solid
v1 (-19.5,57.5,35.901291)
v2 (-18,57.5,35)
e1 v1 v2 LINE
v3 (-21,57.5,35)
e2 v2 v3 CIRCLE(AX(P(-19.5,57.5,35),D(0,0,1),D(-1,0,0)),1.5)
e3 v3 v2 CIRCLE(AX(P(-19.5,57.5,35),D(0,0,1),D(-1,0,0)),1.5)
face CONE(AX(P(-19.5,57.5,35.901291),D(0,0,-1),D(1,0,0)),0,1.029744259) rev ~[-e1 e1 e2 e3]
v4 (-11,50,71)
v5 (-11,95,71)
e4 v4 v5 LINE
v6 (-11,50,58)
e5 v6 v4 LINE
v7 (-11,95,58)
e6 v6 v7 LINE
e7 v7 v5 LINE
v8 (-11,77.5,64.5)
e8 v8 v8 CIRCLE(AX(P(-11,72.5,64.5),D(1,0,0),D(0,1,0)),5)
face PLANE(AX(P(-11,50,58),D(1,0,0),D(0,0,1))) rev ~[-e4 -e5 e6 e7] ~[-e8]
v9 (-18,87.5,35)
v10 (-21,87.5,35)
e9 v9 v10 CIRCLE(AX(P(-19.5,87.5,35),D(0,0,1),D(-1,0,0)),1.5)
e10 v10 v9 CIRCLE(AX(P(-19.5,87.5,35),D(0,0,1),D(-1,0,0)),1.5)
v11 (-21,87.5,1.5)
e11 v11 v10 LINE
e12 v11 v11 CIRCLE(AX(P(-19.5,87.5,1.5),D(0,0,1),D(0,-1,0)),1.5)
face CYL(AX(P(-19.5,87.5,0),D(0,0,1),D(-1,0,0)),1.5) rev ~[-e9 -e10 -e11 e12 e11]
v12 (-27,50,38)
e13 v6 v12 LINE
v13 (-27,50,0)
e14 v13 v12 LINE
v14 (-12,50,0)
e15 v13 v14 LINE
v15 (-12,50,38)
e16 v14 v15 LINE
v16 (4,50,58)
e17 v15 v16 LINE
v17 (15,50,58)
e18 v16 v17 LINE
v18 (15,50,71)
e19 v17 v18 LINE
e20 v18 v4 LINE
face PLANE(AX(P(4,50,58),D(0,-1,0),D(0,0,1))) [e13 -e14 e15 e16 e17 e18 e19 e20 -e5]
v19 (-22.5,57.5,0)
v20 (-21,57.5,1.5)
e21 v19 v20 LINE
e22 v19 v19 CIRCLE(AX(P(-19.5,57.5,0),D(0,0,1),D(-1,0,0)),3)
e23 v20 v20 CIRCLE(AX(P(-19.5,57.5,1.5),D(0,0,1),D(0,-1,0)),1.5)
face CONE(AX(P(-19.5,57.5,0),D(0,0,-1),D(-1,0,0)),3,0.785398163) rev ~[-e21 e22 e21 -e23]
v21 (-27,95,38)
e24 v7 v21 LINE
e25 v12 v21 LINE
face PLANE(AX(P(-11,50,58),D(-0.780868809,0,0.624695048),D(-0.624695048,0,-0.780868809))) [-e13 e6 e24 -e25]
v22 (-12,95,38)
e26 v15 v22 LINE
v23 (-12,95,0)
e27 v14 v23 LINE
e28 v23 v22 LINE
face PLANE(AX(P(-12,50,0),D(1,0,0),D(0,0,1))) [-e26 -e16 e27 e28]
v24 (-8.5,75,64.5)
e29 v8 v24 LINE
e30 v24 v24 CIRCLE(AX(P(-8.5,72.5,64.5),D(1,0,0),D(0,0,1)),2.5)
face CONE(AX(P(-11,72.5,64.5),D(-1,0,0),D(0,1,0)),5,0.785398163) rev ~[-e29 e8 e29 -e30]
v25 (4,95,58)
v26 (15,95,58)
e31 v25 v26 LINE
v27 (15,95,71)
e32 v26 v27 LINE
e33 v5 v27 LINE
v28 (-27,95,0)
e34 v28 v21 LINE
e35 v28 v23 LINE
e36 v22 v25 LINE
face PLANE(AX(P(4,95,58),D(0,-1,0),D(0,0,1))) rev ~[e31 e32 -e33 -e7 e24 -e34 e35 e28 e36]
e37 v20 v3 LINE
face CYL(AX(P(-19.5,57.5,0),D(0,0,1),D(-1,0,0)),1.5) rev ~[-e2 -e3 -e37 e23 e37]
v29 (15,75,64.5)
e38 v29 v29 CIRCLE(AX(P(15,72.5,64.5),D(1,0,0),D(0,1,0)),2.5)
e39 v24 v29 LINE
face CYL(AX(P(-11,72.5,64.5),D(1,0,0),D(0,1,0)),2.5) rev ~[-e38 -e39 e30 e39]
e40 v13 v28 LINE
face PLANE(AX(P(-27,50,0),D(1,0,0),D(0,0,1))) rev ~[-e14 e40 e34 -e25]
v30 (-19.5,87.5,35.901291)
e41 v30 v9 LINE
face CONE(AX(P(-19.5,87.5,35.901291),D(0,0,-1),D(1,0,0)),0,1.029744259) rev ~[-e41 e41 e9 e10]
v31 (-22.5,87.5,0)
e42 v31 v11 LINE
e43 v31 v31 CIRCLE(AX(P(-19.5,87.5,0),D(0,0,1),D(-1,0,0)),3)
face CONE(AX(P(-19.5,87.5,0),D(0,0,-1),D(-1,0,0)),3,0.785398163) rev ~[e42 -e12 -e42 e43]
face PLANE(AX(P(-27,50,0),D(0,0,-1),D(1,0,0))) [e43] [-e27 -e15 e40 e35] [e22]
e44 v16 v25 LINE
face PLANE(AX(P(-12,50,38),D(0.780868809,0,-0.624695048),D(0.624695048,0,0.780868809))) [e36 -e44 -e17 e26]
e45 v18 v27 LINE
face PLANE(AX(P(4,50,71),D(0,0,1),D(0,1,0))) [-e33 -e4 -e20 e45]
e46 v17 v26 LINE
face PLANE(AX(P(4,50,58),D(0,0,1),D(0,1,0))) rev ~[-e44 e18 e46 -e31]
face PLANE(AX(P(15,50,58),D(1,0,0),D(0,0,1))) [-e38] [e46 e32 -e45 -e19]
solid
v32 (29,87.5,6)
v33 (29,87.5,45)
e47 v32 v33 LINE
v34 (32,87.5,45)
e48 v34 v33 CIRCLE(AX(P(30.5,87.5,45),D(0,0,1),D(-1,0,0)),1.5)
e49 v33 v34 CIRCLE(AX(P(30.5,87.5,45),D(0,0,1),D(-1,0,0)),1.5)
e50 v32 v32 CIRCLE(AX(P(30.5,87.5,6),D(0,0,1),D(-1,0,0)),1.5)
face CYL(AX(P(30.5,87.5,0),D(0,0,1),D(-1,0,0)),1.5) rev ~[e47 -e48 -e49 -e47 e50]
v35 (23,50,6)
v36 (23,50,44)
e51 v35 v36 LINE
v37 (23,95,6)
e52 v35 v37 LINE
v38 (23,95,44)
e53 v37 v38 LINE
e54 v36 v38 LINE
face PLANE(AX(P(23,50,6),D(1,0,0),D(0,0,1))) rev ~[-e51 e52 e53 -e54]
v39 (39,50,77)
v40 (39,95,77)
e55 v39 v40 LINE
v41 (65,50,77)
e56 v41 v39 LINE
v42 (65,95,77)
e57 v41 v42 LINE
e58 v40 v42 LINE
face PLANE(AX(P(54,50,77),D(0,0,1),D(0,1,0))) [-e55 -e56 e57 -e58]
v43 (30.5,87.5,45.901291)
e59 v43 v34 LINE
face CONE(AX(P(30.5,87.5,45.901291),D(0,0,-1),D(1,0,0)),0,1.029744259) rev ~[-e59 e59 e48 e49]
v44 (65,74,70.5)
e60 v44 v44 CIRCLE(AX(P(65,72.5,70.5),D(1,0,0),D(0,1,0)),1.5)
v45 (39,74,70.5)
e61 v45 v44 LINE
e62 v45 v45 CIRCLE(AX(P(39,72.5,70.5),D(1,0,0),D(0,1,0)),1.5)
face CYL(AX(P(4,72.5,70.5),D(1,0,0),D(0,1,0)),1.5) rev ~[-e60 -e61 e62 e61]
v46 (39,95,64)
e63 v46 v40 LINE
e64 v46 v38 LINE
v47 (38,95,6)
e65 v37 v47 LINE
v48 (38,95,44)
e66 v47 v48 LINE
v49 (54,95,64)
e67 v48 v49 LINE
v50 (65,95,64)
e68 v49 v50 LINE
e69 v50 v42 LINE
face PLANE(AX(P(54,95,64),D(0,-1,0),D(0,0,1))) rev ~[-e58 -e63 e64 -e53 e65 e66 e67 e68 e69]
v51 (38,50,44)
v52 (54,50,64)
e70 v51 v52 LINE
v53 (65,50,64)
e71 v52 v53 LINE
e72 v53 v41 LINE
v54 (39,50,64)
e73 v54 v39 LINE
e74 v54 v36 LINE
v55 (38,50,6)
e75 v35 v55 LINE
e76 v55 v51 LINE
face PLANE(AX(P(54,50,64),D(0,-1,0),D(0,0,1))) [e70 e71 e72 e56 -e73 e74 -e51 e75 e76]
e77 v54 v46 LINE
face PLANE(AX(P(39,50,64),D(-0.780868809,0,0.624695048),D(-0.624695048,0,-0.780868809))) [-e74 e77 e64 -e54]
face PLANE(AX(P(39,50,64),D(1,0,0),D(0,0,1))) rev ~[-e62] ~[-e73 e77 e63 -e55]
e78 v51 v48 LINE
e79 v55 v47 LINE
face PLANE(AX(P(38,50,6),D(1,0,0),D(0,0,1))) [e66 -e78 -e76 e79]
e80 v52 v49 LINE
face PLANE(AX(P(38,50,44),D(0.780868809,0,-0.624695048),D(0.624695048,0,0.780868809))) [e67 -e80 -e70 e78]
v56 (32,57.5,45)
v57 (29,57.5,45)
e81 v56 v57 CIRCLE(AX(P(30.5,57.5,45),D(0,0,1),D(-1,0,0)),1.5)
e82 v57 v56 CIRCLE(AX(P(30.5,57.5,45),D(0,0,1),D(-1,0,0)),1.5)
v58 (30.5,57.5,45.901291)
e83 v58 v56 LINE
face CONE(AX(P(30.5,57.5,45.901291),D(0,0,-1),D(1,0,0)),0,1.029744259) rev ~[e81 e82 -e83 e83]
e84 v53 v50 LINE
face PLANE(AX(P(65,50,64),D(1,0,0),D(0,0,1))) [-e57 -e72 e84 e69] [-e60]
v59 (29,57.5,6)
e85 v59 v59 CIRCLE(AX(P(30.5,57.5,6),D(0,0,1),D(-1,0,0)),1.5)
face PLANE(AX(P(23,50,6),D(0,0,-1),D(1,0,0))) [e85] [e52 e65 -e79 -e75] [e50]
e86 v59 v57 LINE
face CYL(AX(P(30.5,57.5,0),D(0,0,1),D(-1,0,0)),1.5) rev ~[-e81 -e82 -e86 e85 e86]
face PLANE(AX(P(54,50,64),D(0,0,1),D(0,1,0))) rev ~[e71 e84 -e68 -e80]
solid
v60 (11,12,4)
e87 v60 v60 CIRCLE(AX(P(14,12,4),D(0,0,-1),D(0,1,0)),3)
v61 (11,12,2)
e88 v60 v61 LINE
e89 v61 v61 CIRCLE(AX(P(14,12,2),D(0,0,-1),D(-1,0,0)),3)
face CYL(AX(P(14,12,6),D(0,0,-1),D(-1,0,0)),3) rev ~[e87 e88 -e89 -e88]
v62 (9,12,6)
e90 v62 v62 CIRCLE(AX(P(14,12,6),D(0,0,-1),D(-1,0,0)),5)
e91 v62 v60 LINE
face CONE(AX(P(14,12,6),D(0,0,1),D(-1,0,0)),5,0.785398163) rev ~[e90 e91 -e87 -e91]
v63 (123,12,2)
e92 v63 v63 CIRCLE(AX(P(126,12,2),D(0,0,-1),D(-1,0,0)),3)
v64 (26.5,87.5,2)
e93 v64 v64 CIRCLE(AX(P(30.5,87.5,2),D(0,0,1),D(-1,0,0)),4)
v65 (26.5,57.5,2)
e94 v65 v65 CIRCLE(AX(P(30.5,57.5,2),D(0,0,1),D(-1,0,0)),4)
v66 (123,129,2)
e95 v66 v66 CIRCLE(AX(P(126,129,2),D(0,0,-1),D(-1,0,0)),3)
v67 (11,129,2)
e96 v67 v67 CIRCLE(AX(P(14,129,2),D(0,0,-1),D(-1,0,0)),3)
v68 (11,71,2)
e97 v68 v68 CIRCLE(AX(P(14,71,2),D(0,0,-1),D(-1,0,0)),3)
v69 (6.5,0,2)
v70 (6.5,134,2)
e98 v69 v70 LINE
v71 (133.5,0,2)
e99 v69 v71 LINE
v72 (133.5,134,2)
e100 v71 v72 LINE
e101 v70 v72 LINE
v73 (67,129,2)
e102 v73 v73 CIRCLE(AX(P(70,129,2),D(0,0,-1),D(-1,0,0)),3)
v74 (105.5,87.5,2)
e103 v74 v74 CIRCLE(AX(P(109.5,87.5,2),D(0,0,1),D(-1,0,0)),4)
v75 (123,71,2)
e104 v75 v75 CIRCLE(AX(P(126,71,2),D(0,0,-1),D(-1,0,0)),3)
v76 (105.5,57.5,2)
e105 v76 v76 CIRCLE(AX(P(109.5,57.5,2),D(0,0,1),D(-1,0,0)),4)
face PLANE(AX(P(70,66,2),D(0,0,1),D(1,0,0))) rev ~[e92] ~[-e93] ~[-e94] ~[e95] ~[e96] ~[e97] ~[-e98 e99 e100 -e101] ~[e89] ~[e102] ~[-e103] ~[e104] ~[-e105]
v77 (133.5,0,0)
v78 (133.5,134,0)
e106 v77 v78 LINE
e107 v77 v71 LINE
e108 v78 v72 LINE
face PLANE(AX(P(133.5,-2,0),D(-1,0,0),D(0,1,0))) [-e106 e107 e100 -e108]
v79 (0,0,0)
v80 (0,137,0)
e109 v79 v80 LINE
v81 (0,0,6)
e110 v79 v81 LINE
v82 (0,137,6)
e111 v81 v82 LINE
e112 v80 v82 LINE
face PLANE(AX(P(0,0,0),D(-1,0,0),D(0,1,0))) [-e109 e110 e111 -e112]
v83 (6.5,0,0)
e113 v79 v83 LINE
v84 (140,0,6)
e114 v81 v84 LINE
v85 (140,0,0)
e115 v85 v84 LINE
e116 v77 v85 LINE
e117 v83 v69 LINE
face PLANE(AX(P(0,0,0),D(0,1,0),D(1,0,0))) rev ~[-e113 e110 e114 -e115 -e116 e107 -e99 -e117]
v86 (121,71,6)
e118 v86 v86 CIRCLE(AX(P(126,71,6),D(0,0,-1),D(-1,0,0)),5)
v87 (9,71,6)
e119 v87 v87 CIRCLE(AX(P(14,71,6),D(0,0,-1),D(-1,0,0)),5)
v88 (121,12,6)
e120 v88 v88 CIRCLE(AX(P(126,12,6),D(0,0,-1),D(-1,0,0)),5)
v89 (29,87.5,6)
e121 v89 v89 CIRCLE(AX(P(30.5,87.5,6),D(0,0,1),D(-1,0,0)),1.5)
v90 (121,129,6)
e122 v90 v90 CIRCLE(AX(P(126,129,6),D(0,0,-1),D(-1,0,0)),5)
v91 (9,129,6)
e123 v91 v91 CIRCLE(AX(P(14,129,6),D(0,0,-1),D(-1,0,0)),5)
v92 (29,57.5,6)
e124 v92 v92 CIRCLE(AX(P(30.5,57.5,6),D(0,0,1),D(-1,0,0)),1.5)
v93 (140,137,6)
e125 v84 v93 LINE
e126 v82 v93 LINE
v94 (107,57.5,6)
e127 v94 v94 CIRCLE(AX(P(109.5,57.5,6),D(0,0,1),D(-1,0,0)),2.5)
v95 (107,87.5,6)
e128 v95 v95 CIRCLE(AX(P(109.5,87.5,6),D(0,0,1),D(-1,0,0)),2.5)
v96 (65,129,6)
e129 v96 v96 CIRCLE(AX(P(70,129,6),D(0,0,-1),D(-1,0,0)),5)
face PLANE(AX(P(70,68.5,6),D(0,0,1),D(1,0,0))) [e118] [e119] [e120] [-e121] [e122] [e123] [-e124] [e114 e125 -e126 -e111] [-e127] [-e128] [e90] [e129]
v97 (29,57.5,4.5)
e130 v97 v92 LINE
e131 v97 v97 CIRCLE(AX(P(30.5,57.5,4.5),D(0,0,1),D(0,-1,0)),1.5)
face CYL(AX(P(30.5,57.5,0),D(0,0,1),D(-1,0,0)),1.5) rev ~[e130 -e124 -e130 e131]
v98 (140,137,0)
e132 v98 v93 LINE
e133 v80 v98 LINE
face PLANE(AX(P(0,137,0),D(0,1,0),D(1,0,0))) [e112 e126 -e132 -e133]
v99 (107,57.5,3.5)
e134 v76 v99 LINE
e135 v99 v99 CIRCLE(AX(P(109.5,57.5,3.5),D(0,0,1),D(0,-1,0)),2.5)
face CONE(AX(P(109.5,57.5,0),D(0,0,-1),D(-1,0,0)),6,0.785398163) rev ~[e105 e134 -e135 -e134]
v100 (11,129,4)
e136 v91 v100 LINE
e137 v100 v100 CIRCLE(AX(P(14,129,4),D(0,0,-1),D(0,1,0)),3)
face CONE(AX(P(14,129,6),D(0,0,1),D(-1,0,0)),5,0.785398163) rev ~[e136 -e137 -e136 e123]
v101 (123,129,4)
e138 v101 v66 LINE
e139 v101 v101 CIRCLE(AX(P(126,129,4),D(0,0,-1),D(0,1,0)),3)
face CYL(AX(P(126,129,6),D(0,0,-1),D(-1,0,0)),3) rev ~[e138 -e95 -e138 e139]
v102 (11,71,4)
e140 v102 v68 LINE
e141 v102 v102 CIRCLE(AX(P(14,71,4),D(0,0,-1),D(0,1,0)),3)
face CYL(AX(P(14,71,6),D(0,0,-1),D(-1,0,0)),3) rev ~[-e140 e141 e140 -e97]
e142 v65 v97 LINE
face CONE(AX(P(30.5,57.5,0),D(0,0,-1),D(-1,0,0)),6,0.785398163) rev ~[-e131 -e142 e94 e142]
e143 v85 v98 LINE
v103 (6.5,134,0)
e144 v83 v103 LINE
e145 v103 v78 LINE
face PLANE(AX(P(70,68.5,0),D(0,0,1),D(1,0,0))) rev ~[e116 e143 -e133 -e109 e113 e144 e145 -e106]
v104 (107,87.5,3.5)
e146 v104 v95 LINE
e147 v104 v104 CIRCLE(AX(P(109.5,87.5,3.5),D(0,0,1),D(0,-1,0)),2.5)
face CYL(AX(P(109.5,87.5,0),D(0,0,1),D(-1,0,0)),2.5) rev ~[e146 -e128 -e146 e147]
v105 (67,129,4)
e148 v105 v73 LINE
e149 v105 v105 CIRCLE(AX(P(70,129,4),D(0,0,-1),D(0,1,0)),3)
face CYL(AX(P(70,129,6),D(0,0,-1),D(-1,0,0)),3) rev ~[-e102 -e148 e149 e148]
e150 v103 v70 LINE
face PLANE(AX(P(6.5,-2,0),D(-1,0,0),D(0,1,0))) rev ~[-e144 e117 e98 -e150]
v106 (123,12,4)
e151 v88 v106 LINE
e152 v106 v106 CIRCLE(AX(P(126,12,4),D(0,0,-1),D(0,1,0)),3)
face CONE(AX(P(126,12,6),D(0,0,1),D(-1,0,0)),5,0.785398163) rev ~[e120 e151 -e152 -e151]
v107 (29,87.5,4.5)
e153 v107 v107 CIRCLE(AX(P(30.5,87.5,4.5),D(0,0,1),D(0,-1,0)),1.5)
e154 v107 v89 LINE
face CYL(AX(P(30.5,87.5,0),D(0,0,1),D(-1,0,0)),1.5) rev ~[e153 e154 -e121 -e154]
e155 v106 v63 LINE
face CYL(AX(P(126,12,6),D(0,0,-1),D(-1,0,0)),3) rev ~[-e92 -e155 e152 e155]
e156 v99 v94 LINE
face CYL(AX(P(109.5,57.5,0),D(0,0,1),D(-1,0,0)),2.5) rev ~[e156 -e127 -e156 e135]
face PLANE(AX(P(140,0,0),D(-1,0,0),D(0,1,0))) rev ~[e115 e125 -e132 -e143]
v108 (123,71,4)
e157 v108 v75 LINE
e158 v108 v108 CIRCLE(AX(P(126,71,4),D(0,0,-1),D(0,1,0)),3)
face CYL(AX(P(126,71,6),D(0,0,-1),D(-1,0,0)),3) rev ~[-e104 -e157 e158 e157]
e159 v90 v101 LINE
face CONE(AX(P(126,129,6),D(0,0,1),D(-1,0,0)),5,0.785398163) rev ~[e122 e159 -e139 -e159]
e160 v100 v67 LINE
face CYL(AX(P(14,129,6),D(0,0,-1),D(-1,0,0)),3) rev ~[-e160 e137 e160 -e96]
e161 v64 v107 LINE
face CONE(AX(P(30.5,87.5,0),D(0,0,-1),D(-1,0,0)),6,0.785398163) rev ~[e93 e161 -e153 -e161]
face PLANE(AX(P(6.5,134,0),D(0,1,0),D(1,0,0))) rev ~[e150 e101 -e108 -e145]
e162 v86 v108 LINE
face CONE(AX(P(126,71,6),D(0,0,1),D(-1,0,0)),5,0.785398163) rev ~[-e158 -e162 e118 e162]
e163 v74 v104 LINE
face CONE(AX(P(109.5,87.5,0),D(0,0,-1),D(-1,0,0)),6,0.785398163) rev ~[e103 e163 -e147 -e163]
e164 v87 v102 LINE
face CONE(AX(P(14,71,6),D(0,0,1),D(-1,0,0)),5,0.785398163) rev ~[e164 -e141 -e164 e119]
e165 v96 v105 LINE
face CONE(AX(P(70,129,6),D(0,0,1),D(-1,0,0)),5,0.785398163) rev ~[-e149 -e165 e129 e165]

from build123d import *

# Parameters (mm, degrees)
F0_W              = 140
F0_H              = 137
F1_DEPTH          = 6
F3_D              = 6
F3_CSINK_D        = 10
F3_CSINK_ANGLE    = 90
F4_W              = 15
F4_H              = 38
F4_H_2            = 13
F5_DEPTH          = 45
F6_DEPTH          = 11
F9_D              = 5
F9_DEPTH          = 35
F9_CSINK_D        = 10
F9_CSINK_ANGLE    = 90
F9_TIP            = 1.5021515476
F11_D             = 3
F11_DEPTH         = 35
F11_CSINK_D       = 6
F11_CSINK_ANGLE   = 90
F11_TIP           = 0.9012909285
F12_D             = 3
F12_DEPTH         = 35
F12_CSINK_D       = 6
F12_CSINK_ANGLE   = 90
F12_TIP           = 0.9012909285
F14_D             = 3
F14_DEPTH         = 35
F14_TIP           = 0.9012909285
F16_W             = 127
F16_H             = 136
F17_DEPTH         = 2
F18_D             = 5
F18_DEPTH         = 11
F18_CSINK_D       = 12
F18_CSINK_ANGLE   = 90
F18_TIP           = 1.5021515476
F19_D             = 3
F19_DEPTH         = 45
F19_CSINK_D       = 12
F19_CSINK_ANGLE   = 90
F19_TIP           = 0.9012909285
F19_2_D           = 3
F19_2_DEPTH       = 45
F19_2_CSINK_D     = 12
F19_2_CSINK_ANGLE = 90
F19_2_TIP         = 0.9012909285


with BuildPart() as f1:
    # F0 (on Top) → F1 (new body)
    with BuildSketch(Plane.XY):
        with Locations((70, 68.5)):
            Rectangle(F0_W, F0_H)
    extrude(amount=F1_DEPTH)

    # F3 (through all)
    with Locations(Plane.XY.offset(6)):
        with Locations((14, 129), (70, 129), (126, 129), (14, 71), (126, 71), (126, 12), (14, 12)):
            CounterSinkHole(F3_D / 2, F3_CSINK_D / 2, counter_sink_angle=F3_CSINK_ANGLE)

    # F16 (on face) → F17 (cut)
    with BuildSketch(Plane.XY):
        with Locations((70, 66)):
            Rectangle(F16_W, F16_H)
    extrude(amount=F17_DEPTH, mode=Mode.SUBTRACT)

    # F18
    with Locations(Plane(origin=(0, 0, 0), x_dir=(1, 0, 0), z_dir=(0, 0, -1))):
        with Locations((109.5, -57.5), (109.5, -87.5)):
            CounterSinkHole(F18_D / 2, F18_CSINK_D / 2, depth=F18_DEPTH, counter_sink_angle=F18_CSINK_ANGLE)
            with Locations((0, 0, -(F18_DEPTH + F18_TIP / 2))):  # 118° drill point
                Cone(0, F18_D / 2, F18_TIP, mode=Mode.SUBTRACT)

    # F19
    with Locations(Plane(origin=(0, 0, 0), x_dir=(1, 0, 0), z_dir=(0, 0, -1))):
        with Locations((30.5, -57.5), (30.5, -87.5)):
            CounterSinkHole(F19_D / 2, F19_CSINK_D / 2, depth=F19_DEPTH, counter_sink_angle=F19_CSINK_ANGLE)
            with Locations((0, 0, -(F19_DEPTH + F19_TIP / 2))):  # 118° drill point
                Cone(0, F19_D / 2, F19_TIP, mode=Mode.SUBTRACT)


with BuildPart() as f5:
    # F4 (on face) → F5 (new body)
    with BuildSketch(Plane.XZ):
        with Locations((30.5, 25)):
            Rectangle(F4_W, F4_H)
        Polygon((39, 64), (23, 44), (38, 44), (54, 64), align=None)
        with Locations((46.5, 70.5)):
            Rectangle(F4_W, F4_H_2)
    extrude(amount=-F5_DEPTH)

    # F6 (add): a face of the model
    f6_faces = [f5.faces().sort_by_distance(p)[0] for p in [
        (54, 22.5, 70.5),
    ]]
    extrude(f6_faces, amount=F6_DEPTH)


with BuildPart() as f7_1:
    # F7: copy of F5
    add(f5.part.moved(Location((-50, 50, -6))))

    # F9
    with Locations(Plane(origin=(-11, 0, 0), x_dir=(0, -1, 0), z_dir=(-1, 0, 0))):
        with Locations((-72.5, 64.5)):
            CounterSinkHole(F9_D / 2, F9_CSINK_D / 2, depth=F9_DEPTH, counter_sink_angle=F9_CSINK_ANGLE)
            with Locations((0, 0, -(F9_DEPTH + F9_TIP / 2))):  # 118° drill point
                Cone(0, F9_D / 2, F9_TIP, mode=Mode.SUBTRACT)

    # F11
    with Locations(Plane(origin=(0, 0, 0), x_dir=(1, 0, 0), z_dir=(0, 0, -1))):
        with Locations((-19.5, -57.5)):
            CounterSinkHole(F11_D / 2, F11_CSINK_D / 2, depth=F11_DEPTH, counter_sink_angle=F11_CSINK_ANGLE)
            with Locations((0, 0, -(F11_DEPTH + F11_TIP / 2))):  # 118° drill point
                Cone(0, F11_D / 2, F11_TIP, mode=Mode.SUBTRACT)

    # F12
    with Locations(Plane(origin=(0, 0, 0), x_dir=(1, 0, 0), z_dir=(0, 0, -1))):
        with Locations((-19.5, -87.5)):
            CounterSinkHole(F12_D / 2, F12_CSINK_D / 2, depth=F12_DEPTH, counter_sink_angle=F12_CSINK_ANGLE)
            with Locations((0, 0, -(F12_DEPTH + F12_TIP / 2))):  # 118° drill point
                Cone(0, F12_D / 2, F12_TIP, mode=Mode.SUBTRACT)


with BuildPart() as f5_1:
    add(f5.part)

    # F14
    with Locations(Plane(origin=(39, 0, 0), x_dir=(0, -1, 0), z_dir=(-1, 0, 0))):
        with Locations((-22.5, 70.5)):
            Hole(F14_D / 2, depth=F14_DEPTH)
            with Locations((0, 0, -(F14_DEPTH + F14_TIP / 2))):  # 118° drill point
                Cone(0, F14_D / 2, F14_TIP, mode=Mode.SUBTRACT)


with BuildPart() as f5_2:
    # F15: moved
    add(f5_1.part.moved(Location((0, 50, 0))))

    # F19#2
    with Locations(Plane(origin=(0, 0, 0), x_dir=(1, 0, 0), z_dir=(0, 0, -1))):
        with Locations((30.5, -57.5), (30.5, -87.5)):
            CounterSinkHole(F19_2_D / 2, F19_2_CSINK_D / 2, depth=F19_2_DEPTH, counter_sink_angle=F19_2_CSINK_ANGLE)
            with Locations((0, 0, -(F19_2_DEPTH + F19_2_TIP / 2))):  # 118° drill point
                Cone(0, F19_2_D / 2, F19_2_TIP, mode=Mode.SUBTRACT)


solid = Compound([f1.part, f7_1.part, f5_2.part])
